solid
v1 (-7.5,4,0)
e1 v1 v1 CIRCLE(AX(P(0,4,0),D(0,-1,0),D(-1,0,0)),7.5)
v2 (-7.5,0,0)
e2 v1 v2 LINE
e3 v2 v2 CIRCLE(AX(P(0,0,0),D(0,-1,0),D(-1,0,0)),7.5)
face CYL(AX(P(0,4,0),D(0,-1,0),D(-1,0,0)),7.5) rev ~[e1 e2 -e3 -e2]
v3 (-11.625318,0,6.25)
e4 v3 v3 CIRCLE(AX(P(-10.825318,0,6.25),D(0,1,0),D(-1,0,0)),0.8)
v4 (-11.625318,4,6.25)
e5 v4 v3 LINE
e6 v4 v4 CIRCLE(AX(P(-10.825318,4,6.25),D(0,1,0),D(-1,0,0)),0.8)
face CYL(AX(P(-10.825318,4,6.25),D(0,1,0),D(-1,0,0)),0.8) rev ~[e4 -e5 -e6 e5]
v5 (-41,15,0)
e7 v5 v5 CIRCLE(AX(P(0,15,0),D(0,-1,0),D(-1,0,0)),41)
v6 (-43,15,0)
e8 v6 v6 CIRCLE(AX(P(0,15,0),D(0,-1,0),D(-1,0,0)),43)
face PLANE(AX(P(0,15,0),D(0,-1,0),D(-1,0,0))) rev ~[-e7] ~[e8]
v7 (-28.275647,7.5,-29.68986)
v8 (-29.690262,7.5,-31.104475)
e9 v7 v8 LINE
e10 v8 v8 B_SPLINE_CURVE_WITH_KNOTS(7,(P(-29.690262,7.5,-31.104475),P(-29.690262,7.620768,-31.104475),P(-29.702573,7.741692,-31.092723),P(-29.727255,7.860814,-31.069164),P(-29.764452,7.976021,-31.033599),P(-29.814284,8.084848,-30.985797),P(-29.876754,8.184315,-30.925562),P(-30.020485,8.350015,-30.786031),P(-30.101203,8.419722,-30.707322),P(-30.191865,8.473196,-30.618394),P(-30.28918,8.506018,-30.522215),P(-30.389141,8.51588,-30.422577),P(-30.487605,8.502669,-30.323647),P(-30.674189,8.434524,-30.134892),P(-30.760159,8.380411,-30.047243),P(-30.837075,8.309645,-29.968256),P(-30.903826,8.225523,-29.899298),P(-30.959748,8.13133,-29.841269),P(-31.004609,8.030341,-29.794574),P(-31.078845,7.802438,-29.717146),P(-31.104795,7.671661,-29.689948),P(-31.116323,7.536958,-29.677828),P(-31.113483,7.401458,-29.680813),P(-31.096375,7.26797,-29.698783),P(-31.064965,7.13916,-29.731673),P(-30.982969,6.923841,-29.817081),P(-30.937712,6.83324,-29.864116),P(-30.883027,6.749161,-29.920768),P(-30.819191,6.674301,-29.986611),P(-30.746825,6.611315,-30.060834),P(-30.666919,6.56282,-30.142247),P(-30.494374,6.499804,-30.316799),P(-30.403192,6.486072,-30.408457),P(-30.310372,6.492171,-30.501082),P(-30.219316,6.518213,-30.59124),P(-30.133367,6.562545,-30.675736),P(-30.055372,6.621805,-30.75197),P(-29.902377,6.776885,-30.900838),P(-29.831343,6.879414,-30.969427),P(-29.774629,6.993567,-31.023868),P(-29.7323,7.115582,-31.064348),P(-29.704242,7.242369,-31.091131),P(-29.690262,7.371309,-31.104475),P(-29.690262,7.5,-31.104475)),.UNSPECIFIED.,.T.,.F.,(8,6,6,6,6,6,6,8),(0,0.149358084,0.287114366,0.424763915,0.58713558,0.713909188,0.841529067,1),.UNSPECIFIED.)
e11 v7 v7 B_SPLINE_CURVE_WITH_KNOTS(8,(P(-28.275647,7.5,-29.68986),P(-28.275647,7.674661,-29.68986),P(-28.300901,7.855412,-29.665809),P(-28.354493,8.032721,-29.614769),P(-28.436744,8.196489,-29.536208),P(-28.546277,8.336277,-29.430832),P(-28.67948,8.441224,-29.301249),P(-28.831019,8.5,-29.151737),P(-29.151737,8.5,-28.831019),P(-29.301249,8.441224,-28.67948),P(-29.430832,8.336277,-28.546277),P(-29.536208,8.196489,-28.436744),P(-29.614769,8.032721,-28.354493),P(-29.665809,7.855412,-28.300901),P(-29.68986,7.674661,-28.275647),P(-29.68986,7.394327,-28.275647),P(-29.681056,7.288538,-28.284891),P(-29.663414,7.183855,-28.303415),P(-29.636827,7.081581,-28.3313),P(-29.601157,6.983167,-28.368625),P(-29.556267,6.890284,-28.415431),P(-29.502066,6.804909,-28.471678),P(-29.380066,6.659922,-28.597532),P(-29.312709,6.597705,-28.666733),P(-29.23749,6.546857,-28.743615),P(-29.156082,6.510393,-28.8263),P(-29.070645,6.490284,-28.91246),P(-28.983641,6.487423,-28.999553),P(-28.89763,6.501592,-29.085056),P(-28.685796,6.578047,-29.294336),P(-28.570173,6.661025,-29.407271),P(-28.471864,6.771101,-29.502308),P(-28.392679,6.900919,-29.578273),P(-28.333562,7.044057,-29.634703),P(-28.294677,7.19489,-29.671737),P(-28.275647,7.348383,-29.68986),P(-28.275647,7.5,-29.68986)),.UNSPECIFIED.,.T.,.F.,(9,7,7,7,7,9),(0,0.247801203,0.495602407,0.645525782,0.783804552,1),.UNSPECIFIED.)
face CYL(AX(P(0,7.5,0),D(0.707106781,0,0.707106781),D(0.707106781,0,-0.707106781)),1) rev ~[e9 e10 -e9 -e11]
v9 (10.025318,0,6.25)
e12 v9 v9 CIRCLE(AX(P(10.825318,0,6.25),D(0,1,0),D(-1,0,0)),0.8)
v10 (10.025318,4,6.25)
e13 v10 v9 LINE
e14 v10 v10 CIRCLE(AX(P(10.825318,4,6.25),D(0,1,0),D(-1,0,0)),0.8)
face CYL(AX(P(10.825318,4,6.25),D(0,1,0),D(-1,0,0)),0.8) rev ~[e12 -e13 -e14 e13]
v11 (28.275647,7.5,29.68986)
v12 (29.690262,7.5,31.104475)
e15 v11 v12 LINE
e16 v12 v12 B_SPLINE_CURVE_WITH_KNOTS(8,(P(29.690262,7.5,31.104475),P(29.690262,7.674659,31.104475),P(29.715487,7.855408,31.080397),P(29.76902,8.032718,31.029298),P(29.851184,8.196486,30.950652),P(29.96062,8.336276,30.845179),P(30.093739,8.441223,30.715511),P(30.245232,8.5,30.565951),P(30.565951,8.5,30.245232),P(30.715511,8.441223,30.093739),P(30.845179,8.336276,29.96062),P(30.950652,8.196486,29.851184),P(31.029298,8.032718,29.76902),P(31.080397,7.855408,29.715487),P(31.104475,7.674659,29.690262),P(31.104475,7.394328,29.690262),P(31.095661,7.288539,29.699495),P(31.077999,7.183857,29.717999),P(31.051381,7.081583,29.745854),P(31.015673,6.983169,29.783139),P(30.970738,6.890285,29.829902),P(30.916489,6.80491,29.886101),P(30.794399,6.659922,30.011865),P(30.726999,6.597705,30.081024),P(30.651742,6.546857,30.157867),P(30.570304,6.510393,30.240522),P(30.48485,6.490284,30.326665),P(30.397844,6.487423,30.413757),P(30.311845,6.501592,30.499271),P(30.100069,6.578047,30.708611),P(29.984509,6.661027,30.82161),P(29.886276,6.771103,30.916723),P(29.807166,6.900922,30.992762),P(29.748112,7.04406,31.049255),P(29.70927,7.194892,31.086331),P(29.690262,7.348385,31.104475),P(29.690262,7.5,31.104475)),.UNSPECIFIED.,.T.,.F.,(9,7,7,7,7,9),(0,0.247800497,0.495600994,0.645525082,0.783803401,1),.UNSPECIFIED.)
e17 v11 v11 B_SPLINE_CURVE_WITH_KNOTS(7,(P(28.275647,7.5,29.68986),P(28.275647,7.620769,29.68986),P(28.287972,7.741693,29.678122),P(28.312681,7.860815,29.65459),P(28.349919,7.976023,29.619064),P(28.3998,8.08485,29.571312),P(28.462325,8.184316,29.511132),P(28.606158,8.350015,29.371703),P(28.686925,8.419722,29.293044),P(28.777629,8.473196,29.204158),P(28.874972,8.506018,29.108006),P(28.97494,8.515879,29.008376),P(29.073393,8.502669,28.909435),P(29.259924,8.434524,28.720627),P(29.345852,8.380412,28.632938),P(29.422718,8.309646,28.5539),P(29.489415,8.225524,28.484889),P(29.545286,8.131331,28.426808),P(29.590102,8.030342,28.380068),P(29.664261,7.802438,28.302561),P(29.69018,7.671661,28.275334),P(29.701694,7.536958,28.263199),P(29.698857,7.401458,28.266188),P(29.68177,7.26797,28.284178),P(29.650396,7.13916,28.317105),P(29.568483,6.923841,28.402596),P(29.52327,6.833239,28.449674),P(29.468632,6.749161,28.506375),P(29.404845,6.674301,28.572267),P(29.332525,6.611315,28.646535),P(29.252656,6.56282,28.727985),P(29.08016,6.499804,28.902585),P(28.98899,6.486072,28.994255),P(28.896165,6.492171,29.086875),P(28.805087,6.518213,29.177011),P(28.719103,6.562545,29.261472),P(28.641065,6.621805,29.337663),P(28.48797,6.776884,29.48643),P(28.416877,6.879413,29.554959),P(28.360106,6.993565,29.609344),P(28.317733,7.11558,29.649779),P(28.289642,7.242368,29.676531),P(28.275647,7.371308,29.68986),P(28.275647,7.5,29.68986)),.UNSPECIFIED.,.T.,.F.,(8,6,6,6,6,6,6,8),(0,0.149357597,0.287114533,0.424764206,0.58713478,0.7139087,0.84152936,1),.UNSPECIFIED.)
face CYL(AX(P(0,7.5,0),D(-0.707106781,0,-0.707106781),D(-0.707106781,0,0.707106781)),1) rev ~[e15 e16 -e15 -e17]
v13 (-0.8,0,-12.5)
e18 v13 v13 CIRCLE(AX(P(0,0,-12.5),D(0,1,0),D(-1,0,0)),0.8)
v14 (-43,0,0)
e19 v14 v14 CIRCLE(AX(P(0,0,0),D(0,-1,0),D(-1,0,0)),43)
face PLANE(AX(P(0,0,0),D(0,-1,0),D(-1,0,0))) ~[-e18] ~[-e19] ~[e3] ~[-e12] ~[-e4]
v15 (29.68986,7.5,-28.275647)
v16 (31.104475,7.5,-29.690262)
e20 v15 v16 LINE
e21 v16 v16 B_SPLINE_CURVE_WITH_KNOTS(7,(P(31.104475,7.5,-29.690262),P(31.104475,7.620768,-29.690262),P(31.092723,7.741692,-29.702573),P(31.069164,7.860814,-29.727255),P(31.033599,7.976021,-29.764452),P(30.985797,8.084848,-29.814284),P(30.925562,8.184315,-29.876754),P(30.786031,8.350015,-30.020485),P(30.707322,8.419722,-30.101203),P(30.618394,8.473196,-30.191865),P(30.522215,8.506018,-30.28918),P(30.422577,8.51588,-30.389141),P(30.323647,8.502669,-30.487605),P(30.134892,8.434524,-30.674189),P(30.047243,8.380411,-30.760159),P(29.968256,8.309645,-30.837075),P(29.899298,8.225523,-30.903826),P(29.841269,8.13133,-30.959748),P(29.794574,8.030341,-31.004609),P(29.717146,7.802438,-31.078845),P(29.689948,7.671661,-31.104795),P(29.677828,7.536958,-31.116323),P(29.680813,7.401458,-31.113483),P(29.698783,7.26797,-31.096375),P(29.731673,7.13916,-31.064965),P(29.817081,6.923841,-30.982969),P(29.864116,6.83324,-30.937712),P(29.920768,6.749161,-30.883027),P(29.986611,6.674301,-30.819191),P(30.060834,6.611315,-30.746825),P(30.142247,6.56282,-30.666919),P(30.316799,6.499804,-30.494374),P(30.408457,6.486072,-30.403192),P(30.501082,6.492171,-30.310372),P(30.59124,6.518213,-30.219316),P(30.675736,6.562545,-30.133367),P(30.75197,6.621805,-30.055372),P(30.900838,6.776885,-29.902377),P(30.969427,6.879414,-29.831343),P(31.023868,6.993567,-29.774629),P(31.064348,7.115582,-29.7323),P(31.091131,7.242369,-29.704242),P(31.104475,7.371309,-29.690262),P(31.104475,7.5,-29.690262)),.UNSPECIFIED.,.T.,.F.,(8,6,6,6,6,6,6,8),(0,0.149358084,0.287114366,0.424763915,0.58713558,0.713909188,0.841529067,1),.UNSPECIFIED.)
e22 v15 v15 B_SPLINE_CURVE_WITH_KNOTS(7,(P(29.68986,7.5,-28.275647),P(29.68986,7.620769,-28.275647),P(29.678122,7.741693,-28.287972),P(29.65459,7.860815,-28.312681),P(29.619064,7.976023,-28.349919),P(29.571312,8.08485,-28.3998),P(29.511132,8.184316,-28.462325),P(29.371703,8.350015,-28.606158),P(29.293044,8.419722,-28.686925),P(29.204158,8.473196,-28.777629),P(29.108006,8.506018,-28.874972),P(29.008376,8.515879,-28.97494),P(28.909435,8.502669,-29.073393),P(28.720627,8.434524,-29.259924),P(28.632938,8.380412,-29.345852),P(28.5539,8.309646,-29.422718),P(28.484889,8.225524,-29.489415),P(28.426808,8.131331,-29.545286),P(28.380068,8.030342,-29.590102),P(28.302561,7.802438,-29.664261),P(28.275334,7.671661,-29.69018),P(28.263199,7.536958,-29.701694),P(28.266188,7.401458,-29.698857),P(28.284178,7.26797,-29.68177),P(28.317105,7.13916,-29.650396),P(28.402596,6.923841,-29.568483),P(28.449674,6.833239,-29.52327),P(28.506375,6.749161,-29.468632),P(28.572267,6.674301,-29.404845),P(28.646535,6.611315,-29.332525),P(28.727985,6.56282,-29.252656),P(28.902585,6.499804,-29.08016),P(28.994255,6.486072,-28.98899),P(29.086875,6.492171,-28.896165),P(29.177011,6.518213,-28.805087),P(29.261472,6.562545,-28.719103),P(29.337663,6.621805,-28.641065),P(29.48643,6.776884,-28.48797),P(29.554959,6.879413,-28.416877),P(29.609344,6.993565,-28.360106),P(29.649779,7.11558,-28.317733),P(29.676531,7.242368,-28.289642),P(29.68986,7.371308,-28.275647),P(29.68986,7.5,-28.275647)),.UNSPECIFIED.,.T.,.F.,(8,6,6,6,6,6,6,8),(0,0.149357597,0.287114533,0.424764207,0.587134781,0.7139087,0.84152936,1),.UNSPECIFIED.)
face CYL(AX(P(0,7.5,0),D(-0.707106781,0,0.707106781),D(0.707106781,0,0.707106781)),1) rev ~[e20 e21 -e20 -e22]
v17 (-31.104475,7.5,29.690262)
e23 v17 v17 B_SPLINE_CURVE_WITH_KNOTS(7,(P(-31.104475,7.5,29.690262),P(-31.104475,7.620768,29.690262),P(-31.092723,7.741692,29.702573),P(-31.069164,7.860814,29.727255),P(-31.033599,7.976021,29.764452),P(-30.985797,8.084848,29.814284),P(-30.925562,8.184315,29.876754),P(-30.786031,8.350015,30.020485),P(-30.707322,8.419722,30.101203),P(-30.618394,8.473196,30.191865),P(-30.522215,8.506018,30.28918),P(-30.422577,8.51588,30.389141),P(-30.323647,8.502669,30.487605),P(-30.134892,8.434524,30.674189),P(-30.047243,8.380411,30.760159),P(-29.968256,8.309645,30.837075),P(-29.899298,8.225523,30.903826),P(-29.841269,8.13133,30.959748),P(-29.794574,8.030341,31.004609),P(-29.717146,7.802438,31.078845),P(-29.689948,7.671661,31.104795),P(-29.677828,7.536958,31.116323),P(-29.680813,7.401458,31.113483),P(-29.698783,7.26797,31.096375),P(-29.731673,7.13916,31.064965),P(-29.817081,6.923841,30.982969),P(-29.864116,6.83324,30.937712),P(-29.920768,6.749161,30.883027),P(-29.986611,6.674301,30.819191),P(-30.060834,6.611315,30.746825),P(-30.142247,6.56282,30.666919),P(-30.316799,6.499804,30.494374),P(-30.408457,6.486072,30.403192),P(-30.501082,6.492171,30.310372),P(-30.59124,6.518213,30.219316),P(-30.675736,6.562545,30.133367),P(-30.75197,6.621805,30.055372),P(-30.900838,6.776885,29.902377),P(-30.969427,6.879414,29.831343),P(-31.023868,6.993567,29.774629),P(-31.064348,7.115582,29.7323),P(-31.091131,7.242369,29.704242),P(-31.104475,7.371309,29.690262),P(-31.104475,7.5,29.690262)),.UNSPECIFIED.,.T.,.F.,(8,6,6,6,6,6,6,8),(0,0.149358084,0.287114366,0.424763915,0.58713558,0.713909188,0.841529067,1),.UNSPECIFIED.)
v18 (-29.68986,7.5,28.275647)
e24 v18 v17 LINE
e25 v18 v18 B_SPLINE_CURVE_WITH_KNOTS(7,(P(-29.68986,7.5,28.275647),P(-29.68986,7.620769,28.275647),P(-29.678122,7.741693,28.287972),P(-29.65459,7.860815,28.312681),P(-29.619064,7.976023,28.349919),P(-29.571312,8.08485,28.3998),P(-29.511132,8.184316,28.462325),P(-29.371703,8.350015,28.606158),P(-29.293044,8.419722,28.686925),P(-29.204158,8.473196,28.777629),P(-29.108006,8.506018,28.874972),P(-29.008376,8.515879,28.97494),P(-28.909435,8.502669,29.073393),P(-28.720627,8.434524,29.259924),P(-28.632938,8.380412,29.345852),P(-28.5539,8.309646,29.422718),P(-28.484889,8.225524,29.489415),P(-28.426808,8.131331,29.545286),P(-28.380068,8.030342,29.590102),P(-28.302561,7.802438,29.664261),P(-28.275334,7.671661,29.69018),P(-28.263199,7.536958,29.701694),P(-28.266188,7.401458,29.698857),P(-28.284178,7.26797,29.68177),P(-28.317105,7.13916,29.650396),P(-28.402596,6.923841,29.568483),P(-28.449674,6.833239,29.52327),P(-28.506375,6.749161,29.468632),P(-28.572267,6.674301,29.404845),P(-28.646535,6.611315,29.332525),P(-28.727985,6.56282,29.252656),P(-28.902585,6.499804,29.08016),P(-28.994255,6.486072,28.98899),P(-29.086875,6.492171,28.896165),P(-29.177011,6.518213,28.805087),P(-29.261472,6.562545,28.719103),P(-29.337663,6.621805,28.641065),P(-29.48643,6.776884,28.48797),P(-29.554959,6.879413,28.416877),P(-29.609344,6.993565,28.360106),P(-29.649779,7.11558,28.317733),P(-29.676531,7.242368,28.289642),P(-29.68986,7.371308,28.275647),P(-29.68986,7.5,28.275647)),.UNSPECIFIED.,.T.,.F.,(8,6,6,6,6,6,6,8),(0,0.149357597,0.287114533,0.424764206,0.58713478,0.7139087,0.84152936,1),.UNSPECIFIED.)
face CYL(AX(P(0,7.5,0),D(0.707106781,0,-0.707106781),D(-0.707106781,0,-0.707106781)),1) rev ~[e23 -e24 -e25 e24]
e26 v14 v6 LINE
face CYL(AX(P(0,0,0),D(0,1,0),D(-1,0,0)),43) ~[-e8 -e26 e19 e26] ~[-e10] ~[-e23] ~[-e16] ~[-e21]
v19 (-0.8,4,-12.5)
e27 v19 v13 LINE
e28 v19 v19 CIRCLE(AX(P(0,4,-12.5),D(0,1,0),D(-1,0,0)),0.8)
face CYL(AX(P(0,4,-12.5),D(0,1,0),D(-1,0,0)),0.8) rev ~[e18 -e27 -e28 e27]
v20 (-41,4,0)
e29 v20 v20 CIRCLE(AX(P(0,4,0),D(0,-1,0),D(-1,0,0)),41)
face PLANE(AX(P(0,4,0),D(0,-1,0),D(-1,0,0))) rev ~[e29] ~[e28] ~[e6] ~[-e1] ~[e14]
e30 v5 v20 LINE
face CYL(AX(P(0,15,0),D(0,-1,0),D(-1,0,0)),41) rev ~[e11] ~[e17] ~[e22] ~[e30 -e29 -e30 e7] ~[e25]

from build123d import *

# Parameters (mm, degrees)
SKETCH2_R          = 0.8
CUT_EXTRUDE1_DEPTH = 62.798058222
SKETCH3_R          = 1
CUT_EXTRUDE2_DEPTH = 63.633856659
CIRPATTERN1_COUNT  = 4


with BuildPart() as part:
    # Sketch1 → Revolve1 (revolve)
    with BuildSketch(Plane.XY, mode=Mode.PRIVATE) as revolve1_sk:
        Polygon((7.5, 4), (7.5, 0), (43, 0), (43, 15), (41, 15), (41, 4), align=None)
    revolve(revolve1_sk.sketch.rotate(Axis((0, 4, 0), (0, -1, 0)), 180), axis=Axis((0, 4, 0), (0, -1, 0)))

    # Sketch2 → Cut-Extrude1 (cut, through all)
    with BuildSketch(Plane(origin=(0, 4, 0), x_dir=(1, 0, 0), z_dir=(0, 1, 0))):
        with Locations(Location((0, 12.5, 0), (0, 0, 180))):
            Circle(SKETCH2_R)
        with Locations(Location((10.825317547, -6.25, 0), (0, 0, 180))):
            Circle(SKETCH2_R)
        with Locations(Location((-10.825317547, -6.25, 0), (0, 0, 180))):
            Circle(SKETCH2_R)
    extrude(amount=-CUT_EXTRUDE1_DEPTH, mode=Mode.SUBTRACT)

    # Sketch3 → Cut-Extrude2 (cut, through all)
    with BuildSketch(Plane(origin=(0, 0, 0), x_dir=(0.7071067811865464, 0, 0.7071067811865488), z_dir=(-0.7071067811865488, 0, 0.7071067811865464))):
        with Locations((0, 7.5)):
            Circle(SKETCH3_R)
    cut_extrude2 = extrude(amount=-CUT_EXTRUDE2_DEPTH, mode=Mode.SUBTRACT)

    # CirPattern1: Cut-Extrude2 ×4 about axis
    cirpattern1_axis = Axis((0, 4, 0), (0, 1, 0))
    for i in range(1, CIRPATTERN1_COUNT):
        add(cut_extrude2.rotate(cirpattern1_axis, i * 360 / CIRPATTERN1_COUNT), mode=Mode.SUBTRACT)


solid = part.part
